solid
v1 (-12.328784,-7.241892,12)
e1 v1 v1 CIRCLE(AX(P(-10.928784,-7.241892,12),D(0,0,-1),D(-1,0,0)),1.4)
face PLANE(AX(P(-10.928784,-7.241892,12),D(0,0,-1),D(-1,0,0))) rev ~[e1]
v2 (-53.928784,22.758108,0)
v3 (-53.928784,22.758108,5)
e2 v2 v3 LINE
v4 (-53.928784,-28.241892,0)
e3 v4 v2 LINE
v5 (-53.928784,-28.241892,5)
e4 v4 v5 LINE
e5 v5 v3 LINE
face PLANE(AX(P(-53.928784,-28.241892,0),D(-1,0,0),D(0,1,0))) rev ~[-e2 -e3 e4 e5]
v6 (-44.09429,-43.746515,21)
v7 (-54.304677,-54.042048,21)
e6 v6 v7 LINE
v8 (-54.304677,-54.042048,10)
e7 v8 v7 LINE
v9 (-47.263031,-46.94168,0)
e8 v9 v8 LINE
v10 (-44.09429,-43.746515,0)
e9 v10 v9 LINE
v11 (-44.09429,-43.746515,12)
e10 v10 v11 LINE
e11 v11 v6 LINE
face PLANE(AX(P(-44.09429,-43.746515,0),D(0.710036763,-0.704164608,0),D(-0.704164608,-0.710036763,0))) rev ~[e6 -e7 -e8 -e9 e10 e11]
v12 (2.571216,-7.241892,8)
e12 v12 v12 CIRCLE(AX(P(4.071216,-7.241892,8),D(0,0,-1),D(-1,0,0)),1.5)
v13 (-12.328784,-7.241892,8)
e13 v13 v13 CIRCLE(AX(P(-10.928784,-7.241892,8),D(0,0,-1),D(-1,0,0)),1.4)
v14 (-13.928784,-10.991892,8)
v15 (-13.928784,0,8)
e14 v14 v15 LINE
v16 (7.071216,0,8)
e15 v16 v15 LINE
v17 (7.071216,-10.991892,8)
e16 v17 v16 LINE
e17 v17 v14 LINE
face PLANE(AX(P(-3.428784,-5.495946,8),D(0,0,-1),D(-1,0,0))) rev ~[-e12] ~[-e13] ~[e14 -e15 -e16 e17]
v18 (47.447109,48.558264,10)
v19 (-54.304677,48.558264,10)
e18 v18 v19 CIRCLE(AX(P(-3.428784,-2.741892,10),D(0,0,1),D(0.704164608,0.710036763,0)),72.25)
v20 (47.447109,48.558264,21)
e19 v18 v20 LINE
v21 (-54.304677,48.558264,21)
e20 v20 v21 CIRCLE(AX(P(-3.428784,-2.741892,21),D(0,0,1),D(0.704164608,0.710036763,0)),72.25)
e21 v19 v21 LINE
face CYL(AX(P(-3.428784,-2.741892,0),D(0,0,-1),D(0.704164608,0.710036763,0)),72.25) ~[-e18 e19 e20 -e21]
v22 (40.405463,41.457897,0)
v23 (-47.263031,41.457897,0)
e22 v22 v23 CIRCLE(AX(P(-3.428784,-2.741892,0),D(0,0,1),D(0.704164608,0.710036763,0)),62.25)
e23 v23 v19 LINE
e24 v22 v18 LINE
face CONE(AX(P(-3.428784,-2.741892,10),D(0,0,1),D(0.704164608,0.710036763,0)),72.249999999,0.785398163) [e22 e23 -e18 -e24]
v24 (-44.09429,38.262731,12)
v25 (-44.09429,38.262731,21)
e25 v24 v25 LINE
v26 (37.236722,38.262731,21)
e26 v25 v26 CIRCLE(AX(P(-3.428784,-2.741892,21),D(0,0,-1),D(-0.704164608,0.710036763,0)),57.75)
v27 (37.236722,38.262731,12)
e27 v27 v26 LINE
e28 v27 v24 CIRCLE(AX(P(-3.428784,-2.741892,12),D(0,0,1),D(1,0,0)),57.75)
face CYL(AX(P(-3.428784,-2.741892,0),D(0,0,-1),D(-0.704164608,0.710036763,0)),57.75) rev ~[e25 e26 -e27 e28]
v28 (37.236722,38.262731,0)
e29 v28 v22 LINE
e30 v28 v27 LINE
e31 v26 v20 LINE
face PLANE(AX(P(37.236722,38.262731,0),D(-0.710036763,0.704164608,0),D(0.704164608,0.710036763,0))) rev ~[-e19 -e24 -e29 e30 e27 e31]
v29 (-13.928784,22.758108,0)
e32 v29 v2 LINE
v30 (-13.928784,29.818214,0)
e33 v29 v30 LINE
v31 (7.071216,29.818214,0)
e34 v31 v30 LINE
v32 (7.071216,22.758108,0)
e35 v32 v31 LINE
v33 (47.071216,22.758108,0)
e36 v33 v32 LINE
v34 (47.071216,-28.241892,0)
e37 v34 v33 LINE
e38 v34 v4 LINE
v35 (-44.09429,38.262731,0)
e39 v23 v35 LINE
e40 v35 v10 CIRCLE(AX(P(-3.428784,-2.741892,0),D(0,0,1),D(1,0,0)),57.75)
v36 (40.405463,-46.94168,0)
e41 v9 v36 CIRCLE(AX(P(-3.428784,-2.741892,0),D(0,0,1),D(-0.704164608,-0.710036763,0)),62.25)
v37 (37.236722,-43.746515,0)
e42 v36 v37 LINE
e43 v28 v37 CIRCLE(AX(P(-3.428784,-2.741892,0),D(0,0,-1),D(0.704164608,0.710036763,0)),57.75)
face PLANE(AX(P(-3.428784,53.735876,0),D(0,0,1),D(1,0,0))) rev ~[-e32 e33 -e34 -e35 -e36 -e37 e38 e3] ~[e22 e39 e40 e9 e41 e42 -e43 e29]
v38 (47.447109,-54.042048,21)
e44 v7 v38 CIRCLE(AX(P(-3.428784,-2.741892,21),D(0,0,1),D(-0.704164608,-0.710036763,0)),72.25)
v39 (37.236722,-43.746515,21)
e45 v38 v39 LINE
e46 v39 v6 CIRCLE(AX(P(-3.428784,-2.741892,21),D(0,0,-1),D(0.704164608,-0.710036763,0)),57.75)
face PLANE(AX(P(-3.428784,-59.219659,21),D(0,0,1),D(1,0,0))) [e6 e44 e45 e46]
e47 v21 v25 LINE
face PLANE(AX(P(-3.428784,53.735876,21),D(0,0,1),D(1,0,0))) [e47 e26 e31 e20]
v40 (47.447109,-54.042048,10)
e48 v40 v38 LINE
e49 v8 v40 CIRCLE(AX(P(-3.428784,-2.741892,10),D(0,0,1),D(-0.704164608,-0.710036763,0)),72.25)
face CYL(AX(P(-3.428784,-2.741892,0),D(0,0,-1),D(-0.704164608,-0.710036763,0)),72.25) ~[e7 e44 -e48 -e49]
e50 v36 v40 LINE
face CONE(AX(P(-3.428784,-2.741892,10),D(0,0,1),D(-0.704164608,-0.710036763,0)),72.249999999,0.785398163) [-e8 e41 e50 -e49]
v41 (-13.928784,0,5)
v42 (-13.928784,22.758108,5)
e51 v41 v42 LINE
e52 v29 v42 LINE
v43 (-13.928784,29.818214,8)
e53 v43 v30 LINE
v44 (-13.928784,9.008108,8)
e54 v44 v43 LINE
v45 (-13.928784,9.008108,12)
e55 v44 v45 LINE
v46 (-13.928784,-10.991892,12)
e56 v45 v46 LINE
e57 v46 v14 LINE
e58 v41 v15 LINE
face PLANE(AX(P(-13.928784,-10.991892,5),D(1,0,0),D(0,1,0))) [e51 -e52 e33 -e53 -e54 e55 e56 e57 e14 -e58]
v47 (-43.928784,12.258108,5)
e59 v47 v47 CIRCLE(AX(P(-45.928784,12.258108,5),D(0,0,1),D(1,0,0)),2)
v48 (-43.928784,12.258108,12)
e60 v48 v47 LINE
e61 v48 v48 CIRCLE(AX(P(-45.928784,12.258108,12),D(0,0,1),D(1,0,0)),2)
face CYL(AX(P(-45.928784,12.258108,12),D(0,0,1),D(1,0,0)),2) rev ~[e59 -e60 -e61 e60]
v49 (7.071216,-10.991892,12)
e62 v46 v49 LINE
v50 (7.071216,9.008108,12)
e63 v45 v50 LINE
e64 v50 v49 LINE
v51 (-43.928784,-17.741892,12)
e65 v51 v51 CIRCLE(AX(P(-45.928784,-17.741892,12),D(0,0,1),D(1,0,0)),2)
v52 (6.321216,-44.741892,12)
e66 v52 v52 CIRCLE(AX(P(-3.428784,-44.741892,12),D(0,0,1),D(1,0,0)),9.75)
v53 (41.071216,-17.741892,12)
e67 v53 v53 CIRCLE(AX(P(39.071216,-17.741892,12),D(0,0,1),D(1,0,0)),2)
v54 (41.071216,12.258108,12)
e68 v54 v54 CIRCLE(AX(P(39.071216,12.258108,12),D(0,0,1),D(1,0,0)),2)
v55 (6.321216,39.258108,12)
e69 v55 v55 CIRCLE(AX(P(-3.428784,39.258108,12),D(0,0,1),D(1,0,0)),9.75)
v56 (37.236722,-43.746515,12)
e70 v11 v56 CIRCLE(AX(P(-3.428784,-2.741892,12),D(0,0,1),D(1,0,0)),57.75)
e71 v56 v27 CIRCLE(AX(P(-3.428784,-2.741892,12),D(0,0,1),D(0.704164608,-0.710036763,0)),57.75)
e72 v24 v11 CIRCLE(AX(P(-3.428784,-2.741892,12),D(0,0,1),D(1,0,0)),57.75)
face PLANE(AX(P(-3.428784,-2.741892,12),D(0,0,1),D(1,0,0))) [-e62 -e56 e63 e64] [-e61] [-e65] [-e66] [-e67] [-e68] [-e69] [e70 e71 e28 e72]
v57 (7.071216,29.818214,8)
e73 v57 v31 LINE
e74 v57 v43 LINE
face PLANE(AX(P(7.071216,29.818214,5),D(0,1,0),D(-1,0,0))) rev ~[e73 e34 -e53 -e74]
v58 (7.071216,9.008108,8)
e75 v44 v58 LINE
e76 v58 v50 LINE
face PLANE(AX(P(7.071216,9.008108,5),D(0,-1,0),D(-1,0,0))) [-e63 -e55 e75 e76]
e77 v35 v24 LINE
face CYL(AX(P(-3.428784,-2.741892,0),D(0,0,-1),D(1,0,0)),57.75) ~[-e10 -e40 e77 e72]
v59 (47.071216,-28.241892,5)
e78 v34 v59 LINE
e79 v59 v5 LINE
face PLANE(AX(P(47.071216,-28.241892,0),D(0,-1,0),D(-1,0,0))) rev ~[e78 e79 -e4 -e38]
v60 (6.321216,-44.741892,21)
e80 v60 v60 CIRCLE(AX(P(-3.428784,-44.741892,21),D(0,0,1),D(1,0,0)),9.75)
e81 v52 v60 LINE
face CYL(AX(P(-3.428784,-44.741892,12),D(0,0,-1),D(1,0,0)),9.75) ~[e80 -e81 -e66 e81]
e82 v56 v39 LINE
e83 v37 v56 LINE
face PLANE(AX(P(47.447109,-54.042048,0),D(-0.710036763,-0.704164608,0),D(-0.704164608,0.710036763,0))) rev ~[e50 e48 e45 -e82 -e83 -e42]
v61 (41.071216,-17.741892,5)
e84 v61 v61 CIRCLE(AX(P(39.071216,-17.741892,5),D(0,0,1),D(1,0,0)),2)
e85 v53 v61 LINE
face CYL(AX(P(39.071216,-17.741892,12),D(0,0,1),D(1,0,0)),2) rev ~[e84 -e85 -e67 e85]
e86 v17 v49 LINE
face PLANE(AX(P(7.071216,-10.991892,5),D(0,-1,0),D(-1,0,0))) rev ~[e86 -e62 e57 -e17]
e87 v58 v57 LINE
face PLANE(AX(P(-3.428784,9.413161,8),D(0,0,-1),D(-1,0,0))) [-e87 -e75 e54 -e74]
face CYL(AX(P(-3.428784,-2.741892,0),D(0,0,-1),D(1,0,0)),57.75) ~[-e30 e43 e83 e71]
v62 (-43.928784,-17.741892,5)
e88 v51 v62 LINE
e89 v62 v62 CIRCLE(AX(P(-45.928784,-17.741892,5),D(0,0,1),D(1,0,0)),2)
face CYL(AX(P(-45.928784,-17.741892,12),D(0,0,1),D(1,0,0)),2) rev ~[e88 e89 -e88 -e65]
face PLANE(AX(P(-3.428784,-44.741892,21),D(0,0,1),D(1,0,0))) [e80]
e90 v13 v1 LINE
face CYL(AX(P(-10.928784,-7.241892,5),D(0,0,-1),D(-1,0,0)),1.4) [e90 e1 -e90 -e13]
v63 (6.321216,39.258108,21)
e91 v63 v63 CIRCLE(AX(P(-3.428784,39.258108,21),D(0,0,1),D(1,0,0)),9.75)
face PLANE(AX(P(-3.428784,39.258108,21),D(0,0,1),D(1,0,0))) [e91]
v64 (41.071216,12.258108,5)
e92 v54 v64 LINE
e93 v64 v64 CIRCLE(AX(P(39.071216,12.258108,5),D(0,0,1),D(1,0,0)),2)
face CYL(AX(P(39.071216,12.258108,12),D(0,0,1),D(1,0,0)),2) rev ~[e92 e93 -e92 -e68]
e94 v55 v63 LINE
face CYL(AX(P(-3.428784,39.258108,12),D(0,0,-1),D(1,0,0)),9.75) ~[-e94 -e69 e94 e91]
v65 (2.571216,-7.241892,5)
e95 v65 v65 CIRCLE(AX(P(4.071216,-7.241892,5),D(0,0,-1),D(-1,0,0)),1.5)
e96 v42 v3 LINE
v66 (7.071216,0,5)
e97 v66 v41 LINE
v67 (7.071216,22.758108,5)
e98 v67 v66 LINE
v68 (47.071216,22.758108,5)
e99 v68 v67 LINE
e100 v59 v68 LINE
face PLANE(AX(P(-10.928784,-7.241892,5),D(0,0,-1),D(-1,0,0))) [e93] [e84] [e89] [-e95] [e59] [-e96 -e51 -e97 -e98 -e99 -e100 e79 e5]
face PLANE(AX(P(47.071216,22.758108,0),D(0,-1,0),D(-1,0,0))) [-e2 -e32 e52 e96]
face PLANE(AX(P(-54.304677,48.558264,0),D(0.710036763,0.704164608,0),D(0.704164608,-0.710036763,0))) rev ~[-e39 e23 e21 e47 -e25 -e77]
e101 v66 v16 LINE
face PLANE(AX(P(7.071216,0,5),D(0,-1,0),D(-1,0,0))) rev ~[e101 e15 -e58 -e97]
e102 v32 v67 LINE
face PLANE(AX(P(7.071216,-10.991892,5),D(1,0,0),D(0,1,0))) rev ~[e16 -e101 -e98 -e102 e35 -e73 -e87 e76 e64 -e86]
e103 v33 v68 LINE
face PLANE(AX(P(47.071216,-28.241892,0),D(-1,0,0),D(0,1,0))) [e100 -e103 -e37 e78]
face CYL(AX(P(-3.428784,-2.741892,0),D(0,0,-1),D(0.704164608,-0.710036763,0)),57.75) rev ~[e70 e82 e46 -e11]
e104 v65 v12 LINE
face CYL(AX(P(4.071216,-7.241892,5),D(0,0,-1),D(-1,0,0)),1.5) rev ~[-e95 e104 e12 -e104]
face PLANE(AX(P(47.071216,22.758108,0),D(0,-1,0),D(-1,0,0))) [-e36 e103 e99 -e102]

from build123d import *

# Parameters (mm, degrees)
SKETCH1_R               = 57.75
BOSS_EXTRUDE2_DEPTH     = 12
BOSS_EXTRUDE3_DEPTH     = 21
SKETCH2_W               = 101
SKETCH2_H               = 51
CUT_EXTRUDE1_DEPTH      = 5
SKETCH4_W               = 21
SKETCH4_H               = 20
CUT_EXTRUDE2_DEPTH      = 8
SKETCH5_W               = 21
SKETCH5_H               = 40.810106116
CUT_EXTRUDE3_DEPTH      = 35
CUT_EXTRUDE3_DEPTH_BACK = 3
SKETCH6_W               = 21
SKETCH6_H               = 10.991891623
BOSS_EXTRUDE4_DEPTH     = 3
SKETCH9_R               = 2
CUT_EXTRUDE6_DEPTH      = 31
SKETCH12_R              = 9.75
BOSS_EXTRUDE5_DEPTH     = 9
SKETCH7_R               = 1.4
BOSS_EXTRUDE6_DEPTH     = 7
SKETCH7_6_R             = 1.5
CUT_EXTRUDE10_DEPTH     = 10
CHAMFER1_SIZE           = 10


with BuildPart() as part:
    # Sketch1 → Boss-Extrude2 (new body)
    with BuildSketch(Plane.XY):
        with Locations((-3.428783881, -2.741891623)):
            Circle(SKETCH1_R)
    extrude(amount=BOSS_EXTRUDE2_DEPTH)

    # Sketch1<4> → Boss-Extrude3 (add)
    with BuildSketch(Plane.XY):
        with BuildLine():
            Line((-54.304676832, 48.558264482), (-44.094290011, 38.262731423))
            ThreePointArc((-44.094290011, 38.262731423), (-3.428783881, 55.008108377), (37.23672225, 38.262731423))
            Line((37.23672225, 38.262731423), (47.44710907, 48.558264482))
            ThreePointArc((47.44710907, 48.558264482), (-3.428783881, 69.508108377), (-54.304676832, 48.558264482))
        make_face()
        with BuildLine():
            ThreePointArc((37.23672225, -43.746514669), (-3.428783881, -60.491891623), (-44.094290011, -43.746514669))
            Line((-44.094290011, -43.746514669), (-54.304676832, -54.042047728))
            ThreePointArc((-54.304676832, -54.042047728), (-3.428783881, -74.991891623), (47.44710907, -54.042047728))
            Line((47.44710907, -54.042047728), (37.23672225, -43.746514669))
        make_face()
    extrude(amount=BOSS_EXTRUDE3_DEPTH)

    # Sketch2 → Cut-Extrude1 (cut)
    with BuildSketch(Plane(origin=(0, 0, 0), x_dir=(-1, 0, 0), z_dir=(0, 0, -1))):
        with Locations((3.428783881, -2.741891623)):
            Rectangle(SKETCH2_W, SKETCH2_H)
    extrude(amount=-CUT_EXTRUDE1_DEPTH, mode=Mode.SUBTRACT)

    # Sketch4 → Cut-Extrude2 (cut)
    with BuildSketch(Plane(origin=(0, 0, 5), x_dir=(-1, 0, 0), z_dir=(0, 0, -1))):
        with Locations((3.428783881, -0.991891623)):
            Rectangle(SKETCH4_W, SKETCH4_H)
    extrude(amount=-CUT_EXTRUDE2_DEPTH, mode=Mode.SUBTRACT)

    # Sketch5 → Cut-Extrude3 (cut, two sides)
    with BuildSketch(Plane(origin=(0, 0, 5), x_dir=(-1, 0, 0), z_dir=(0, 0, -1))) as cut_extrude3_sk:
        with Locations((3.428783881, 9.413161435)):
            Rectangle(SKETCH5_W, SKETCH5_H)
    extrude(amount=CUT_EXTRUDE3_DEPTH, mode=Mode.SUBTRACT)
    extrude(cut_extrude3_sk.sketch, amount=-CUT_EXTRUDE3_DEPTH_BACK, mode=Mode.SUBTRACT)

    # Sketch6 → Boss-Extrude4 (add)
    with BuildSketch(Plane(origin=(0, 0, 5), x_dir=(-1, 0, 0), z_dir=(0, 0, -1))):
        with Locations((3.428783881, -5.495945812)):
            Rectangle(SKETCH6_W, SKETCH6_H)
    extrude(amount=-BOSS_EXTRUDE4_DEPTH)

    # Sketch9 → Cut-Extrude6 (cut)
    with BuildSketch(Plane.XY.offset(12)):
        with Locations((-45.928783881, -17.741891623)):
            Circle(SKETCH9_R)
        with Locations((-45.928783881, 12.258108377)):
            Circle(SKETCH9_R)
        with Locations((39.071216119, 12.258108377)):
            Circle(SKETCH9_R)
        with Locations((39.071216119, -17.741891623)):
            Circle(SKETCH9_R)
    extrude(amount=-CUT_EXTRUDE6_DEPTH, mode=Mode.SUBTRACT)

    # Sketch12 → Boss-Extrude5 (add)
    with BuildSketch(Plane.XY.offset(12)):
        with Locations((-3.428783881, -44.741891623)):
            Circle(SKETCH12_R)
        with Locations((-3.428783881, 39.258108377)):
            Circle(SKETCH12_R)
    extrude(amount=BOSS_EXTRUDE5_DEPTH)

    # Sketch7 → Boss-Extrude6 (add)
    with BuildSketch(Plane(origin=(0, 0, 5), x_dir=(-1, 0, 0), z_dir=(0, 0, -1))):
        with Locations((10.928783881, -7.241891623)):
            Circle(SKETCH7_R)
    extrude(amount=-BOSS_EXTRUDE6_DEPTH)

    # Sketch7<6> → Cut-Extrude10 (cut)
    with BuildSketch(Plane(origin=(0, 0, 5), x_dir=(-1, 0, 0), z_dir=(0, 0, -1))):
        with Locations((-4.071216119, -7.241891623)):
            Circle(SKETCH7_6_R)
    extrude(amount=-CUT_EXTRUDE10_DEPTH, mode=Mode.SUBTRACT)

    # Chamfer1
    chamfer1_edges = [part.edges().sort_by_distance(p)[0] for p in [
        (-3.428783881, -74.991891623, 0),
        (-3.428783881, 69.508108377, 0),
    ]]
    chamfer(chamfer1_edges, length=CHAMFER1_SIZE)


solid = part.part
